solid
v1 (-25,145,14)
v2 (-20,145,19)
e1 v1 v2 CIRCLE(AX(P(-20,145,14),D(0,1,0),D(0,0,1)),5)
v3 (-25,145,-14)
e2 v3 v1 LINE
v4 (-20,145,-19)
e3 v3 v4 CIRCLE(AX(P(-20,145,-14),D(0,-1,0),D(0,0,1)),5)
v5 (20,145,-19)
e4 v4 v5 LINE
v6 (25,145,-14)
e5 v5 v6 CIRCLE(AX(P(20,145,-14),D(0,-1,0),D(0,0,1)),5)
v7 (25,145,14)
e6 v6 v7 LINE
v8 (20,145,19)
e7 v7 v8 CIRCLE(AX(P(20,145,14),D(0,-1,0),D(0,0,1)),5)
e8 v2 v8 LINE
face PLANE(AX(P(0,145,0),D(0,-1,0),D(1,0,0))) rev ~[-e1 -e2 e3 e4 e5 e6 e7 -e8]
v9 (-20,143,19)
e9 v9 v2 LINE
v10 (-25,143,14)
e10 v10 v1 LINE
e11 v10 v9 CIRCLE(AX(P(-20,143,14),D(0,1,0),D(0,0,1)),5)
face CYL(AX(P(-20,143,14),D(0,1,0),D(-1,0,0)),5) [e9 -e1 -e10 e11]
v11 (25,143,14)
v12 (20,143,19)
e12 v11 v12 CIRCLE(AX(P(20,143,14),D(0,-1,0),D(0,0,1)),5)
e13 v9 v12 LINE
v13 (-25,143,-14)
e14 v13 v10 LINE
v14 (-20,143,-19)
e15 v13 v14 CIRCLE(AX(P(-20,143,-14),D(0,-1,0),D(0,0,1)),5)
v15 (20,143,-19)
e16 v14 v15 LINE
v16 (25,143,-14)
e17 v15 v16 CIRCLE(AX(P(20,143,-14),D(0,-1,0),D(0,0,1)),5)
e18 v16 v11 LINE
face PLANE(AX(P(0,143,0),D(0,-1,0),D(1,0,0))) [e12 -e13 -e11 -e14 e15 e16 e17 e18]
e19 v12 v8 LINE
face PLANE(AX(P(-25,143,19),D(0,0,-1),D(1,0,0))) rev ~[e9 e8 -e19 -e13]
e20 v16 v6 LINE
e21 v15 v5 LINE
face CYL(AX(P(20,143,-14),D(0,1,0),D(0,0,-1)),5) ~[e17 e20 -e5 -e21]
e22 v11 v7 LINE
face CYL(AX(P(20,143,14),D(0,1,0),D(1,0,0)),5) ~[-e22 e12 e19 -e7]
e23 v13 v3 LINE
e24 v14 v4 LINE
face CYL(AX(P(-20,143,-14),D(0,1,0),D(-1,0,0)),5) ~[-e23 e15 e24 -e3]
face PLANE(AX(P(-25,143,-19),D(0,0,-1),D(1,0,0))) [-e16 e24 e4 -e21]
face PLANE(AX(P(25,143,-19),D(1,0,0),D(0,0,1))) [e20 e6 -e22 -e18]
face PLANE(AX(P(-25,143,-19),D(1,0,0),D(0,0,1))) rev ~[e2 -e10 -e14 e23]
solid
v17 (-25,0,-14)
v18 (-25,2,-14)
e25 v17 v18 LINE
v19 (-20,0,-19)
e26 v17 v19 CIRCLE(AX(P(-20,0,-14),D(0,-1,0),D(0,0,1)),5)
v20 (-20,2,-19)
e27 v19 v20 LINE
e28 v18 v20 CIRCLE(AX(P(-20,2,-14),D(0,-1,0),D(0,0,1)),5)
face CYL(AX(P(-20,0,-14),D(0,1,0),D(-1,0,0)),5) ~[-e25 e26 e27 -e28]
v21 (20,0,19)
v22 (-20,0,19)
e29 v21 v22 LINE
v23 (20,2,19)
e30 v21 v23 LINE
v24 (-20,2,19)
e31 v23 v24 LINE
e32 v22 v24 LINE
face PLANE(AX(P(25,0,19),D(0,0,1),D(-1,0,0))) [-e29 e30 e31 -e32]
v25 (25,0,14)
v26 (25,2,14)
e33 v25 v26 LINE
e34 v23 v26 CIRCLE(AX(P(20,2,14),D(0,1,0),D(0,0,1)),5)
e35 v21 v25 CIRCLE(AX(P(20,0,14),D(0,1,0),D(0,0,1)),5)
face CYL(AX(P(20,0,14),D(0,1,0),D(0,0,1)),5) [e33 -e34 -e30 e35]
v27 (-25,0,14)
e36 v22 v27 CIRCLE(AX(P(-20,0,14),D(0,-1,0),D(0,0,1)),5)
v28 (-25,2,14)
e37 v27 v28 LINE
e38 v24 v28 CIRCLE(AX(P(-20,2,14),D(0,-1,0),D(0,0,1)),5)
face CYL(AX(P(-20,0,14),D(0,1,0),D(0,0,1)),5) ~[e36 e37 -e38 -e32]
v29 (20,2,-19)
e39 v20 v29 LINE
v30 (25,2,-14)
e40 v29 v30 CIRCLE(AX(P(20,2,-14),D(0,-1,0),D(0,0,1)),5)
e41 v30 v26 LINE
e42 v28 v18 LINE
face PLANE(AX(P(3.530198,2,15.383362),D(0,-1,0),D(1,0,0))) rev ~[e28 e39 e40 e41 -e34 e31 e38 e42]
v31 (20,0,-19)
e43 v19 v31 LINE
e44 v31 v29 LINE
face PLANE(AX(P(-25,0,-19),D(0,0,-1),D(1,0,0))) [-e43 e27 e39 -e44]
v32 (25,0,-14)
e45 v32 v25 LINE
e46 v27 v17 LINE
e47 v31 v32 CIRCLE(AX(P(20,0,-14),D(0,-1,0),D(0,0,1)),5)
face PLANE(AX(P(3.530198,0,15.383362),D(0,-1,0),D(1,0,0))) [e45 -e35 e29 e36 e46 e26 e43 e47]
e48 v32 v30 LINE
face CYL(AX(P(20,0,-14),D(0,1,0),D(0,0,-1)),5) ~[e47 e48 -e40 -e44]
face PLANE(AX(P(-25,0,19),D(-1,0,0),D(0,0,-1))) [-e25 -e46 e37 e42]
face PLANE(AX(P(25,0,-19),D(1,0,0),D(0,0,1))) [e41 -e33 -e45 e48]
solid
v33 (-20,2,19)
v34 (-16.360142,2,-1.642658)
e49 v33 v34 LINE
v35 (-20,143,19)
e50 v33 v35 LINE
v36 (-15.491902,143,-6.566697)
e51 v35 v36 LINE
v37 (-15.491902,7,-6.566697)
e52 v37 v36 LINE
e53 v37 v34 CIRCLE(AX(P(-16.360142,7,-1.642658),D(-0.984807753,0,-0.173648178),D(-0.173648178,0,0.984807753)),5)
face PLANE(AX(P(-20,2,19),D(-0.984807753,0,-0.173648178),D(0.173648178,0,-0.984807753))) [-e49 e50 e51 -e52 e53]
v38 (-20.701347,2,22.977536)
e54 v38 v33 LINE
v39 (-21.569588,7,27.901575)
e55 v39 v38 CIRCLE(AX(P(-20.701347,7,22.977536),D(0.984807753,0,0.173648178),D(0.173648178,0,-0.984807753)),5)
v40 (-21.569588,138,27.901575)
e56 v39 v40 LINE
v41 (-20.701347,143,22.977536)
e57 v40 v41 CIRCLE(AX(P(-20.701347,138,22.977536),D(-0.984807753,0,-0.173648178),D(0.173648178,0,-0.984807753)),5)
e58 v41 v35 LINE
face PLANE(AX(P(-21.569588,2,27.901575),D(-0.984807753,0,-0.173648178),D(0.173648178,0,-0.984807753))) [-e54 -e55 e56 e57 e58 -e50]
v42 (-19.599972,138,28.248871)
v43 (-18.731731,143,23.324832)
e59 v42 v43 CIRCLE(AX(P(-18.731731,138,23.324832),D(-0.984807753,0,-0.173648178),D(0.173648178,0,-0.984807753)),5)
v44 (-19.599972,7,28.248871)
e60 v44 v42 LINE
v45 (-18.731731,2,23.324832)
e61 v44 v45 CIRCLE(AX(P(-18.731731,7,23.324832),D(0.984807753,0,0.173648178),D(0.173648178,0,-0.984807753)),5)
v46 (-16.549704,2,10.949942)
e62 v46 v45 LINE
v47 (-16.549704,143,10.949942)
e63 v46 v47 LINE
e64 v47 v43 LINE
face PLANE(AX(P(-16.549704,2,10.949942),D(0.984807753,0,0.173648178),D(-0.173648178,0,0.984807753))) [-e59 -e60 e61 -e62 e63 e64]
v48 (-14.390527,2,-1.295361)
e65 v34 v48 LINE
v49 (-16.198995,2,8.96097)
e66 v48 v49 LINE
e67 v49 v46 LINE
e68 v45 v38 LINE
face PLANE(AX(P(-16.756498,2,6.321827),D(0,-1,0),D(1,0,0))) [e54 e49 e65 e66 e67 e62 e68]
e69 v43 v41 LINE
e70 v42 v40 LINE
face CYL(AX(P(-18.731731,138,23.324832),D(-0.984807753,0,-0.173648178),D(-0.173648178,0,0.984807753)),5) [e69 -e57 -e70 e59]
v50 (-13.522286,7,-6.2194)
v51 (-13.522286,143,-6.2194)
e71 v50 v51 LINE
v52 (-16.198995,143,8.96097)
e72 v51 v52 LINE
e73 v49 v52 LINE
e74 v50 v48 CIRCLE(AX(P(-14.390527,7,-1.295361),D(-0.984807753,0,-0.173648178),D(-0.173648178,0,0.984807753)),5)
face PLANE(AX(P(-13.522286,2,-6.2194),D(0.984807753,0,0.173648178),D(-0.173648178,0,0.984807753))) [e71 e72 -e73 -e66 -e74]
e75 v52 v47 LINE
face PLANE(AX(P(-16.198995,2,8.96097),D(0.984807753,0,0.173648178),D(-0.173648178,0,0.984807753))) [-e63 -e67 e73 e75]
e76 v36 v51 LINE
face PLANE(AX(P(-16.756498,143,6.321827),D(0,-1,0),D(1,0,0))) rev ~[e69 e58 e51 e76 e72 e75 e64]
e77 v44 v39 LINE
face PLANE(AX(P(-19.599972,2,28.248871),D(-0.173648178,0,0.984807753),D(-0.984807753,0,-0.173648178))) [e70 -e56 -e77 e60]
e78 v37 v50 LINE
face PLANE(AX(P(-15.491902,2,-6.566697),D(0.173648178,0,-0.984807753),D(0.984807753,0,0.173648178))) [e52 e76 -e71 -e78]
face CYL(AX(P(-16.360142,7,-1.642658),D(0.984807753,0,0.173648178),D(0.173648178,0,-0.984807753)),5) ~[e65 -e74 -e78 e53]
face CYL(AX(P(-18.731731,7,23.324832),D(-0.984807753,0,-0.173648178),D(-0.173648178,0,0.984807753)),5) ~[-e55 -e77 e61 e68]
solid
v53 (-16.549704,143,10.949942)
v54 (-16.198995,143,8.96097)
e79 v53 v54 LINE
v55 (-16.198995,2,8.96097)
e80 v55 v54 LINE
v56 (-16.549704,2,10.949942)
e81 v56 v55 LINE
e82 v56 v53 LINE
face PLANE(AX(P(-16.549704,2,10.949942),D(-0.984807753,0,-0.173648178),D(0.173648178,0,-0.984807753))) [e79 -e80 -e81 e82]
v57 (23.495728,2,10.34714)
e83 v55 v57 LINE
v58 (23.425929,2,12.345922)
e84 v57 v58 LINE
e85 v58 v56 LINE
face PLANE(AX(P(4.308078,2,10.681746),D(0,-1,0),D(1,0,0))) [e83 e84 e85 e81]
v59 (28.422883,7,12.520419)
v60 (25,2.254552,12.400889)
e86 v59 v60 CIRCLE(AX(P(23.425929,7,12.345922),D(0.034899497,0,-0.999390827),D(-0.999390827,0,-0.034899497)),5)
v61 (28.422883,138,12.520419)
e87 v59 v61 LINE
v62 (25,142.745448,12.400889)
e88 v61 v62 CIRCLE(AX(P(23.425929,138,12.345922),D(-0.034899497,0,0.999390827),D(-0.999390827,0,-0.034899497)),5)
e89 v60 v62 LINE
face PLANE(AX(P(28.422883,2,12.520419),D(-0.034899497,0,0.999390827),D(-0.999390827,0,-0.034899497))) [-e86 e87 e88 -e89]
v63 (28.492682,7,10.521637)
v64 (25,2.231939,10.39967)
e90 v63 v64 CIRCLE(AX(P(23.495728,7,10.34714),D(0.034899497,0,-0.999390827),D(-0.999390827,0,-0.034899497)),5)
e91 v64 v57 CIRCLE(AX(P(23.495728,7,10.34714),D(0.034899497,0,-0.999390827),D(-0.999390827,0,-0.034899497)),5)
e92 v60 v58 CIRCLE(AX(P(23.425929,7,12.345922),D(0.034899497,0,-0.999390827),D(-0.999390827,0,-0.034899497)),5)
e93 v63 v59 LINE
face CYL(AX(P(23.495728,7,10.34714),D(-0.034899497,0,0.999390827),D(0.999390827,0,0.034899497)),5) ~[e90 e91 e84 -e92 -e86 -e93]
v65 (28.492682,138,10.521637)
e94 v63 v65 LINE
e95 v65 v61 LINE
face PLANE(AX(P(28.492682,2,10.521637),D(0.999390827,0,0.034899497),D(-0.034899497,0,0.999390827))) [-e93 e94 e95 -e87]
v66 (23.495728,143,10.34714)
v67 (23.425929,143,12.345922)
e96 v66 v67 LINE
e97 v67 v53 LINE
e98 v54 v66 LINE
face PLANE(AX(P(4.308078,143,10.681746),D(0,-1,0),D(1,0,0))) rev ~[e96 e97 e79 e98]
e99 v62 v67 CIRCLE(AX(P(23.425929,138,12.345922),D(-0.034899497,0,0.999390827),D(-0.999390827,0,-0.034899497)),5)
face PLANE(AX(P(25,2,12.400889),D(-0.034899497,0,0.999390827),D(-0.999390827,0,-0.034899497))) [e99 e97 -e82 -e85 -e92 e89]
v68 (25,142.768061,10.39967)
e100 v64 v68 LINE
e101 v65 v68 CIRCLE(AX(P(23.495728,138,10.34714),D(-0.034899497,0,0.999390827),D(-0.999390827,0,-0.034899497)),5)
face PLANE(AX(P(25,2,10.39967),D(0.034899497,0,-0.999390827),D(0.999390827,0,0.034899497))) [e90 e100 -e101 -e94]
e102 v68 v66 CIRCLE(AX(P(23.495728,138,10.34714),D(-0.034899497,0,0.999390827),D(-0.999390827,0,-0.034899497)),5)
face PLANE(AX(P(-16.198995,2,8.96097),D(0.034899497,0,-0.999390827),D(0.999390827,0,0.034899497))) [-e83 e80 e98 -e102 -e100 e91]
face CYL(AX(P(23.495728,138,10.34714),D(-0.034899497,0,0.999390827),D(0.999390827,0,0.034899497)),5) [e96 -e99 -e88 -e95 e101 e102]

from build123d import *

# Parameters (mm, degrees)
F1_DEPTH  = 2
F2_START  = -143
F1_FACE_W = 50
F1_FACE_H = 38
F2_DEPTH  = 2
F3_START  = -2
F3_DEPTH  = 141
F4_START  = -2
F4_DEPTH  = 141
F5_R      = 5
F5_2_R    = 5
F5_3_R    = 5
F5_4_R    = 5


with BuildPart() as f1:
    # F0 (on Front) → F1 (new body)
    with BuildSketch(Plane.XZ):
        Polygon((-16.5497043093, 10.9499417435), (25, 12.4008893901), (25, 19), (-17.9691467762, 19), align=None)
        Polygon((-16.1989948739, 8.9609696983), (25, 10.3996703016), (25, 12.4008893901), (-16.5497043093, 10.9499417435), align=None)
        Polygon((-25, 19), (-25, -19), (25, -19), (25, 10.3996703016), (-16.1989948739, 8.9609696983), (-13.5222860803, -6.2194002193), (-15.4919015863, -6.5666965746), (-20, 19), align=None)
        Polygon((-17.9691467762, 19), (-20, 19), (-15.4919015863, -6.5666965746), (-13.5222860803, -6.2194002193), (-16.1989948739, 8.9609696983), (-16.4799053159, 8.9511600895), (-16.5497043093, 10.9499417435), align=None)
        Polygon((-16.4799053159, 8.9511600895), (-16.1989948739, 8.9609696983), (-16.5497043093, 10.9499417435), align=None)
    extrude(amount=-F1_DEPTH)

    # F5#2
    f5_2_edges = [f1.edges().sort_by_distance(p)[0] for p in [
        (-25, 1, 19),
        (25, 1, 19),
        (25, 1, -19),
        (-25, 1, -19),
    ]]
    fillet(f5_2_edges, radius=F5_2_R)


with BuildPart() as f2:
    # F1_face (on face) → F2 (new body)
    with BuildSketch(Plane.XZ.offset(F2_START)):
        Rectangle(F1_FACE_W, F1_FACE_H)
    extrude(amount=-F2_DEPTH)

    # F5#4
    f5_4_edges = [f2.edges().sort_by_distance(p)[0] for p in [
        (25, 144, -19),
        (-25, 144, -19),
        (-25, 144, 19),
        (25, 144, 19),
    ]]
    fillet(f5_4_edges, radius=F5_4_R)


with BuildPart() as f3:
    # F0 (on Front) → F3 (new body)
    with BuildSketch(Plane.XZ.offset(F3_START)):
        Polygon((-17.9691467762, 19), (-20, 19), (-15.4919015863, -6.5666965746), (-13.5222860803, -6.2194002193), (-16.1989948739, 8.9609696983), (-16.4799053159, 8.9511600895), (-16.5497043093, 10.9499417435), align=None)
        Polygon((-21.5695878046, 27.9015747808), (-20, 19), (-17.9691467762, 19), (-19.5999722986, 28.2488711361), align=None)
        Polygon((-16.4799053159, 8.9511600895), (-16.1989948739, 8.9609696983), (-16.5497043093, 10.9499417435), align=None)
    extrude(amount=-F3_DEPTH)

    # F5
    f5_edges = [f3.edges().sort_by_distance(p)[0] for p in [
        (-20.58478, 2, 28.075223),
        (-20.58478, 143, 28.075223),
        (-14.507094, 2, -6.393048),
    ]]
    fillet(f5_edges, radius=F5_R)


with BuildPart() as f4:
    # F0 (on Front) → F4 (new body)
    with BuildSketch(Plane.XZ.offset(F4_START)):
        Polygon((-16.1989948739, 8.9609696983), (25, 10.3996703016), (25, 12.4008893901), (-16.5497043093, 10.9499417435), align=None)
        Polygon((25, 12.4008893901), (25, 10.3996703016), (28.4926818999, 10.5216374411), (28.4228829065, 12.5204190951), align=None)
    extrude(amount=-F4_DEPTH)

    # F5#3
    f5_3_edges = [f4.edges().sort_by_distance(p)[0] for p in [
        (28.457782, 2, 11.521028),
        (28.457782, 143, 11.521028),
    ]]
    fillet(f5_3_edges, radius=F5_3_R)


solid = Compound([f1.part, f2.part, f3.part, f4.part])
